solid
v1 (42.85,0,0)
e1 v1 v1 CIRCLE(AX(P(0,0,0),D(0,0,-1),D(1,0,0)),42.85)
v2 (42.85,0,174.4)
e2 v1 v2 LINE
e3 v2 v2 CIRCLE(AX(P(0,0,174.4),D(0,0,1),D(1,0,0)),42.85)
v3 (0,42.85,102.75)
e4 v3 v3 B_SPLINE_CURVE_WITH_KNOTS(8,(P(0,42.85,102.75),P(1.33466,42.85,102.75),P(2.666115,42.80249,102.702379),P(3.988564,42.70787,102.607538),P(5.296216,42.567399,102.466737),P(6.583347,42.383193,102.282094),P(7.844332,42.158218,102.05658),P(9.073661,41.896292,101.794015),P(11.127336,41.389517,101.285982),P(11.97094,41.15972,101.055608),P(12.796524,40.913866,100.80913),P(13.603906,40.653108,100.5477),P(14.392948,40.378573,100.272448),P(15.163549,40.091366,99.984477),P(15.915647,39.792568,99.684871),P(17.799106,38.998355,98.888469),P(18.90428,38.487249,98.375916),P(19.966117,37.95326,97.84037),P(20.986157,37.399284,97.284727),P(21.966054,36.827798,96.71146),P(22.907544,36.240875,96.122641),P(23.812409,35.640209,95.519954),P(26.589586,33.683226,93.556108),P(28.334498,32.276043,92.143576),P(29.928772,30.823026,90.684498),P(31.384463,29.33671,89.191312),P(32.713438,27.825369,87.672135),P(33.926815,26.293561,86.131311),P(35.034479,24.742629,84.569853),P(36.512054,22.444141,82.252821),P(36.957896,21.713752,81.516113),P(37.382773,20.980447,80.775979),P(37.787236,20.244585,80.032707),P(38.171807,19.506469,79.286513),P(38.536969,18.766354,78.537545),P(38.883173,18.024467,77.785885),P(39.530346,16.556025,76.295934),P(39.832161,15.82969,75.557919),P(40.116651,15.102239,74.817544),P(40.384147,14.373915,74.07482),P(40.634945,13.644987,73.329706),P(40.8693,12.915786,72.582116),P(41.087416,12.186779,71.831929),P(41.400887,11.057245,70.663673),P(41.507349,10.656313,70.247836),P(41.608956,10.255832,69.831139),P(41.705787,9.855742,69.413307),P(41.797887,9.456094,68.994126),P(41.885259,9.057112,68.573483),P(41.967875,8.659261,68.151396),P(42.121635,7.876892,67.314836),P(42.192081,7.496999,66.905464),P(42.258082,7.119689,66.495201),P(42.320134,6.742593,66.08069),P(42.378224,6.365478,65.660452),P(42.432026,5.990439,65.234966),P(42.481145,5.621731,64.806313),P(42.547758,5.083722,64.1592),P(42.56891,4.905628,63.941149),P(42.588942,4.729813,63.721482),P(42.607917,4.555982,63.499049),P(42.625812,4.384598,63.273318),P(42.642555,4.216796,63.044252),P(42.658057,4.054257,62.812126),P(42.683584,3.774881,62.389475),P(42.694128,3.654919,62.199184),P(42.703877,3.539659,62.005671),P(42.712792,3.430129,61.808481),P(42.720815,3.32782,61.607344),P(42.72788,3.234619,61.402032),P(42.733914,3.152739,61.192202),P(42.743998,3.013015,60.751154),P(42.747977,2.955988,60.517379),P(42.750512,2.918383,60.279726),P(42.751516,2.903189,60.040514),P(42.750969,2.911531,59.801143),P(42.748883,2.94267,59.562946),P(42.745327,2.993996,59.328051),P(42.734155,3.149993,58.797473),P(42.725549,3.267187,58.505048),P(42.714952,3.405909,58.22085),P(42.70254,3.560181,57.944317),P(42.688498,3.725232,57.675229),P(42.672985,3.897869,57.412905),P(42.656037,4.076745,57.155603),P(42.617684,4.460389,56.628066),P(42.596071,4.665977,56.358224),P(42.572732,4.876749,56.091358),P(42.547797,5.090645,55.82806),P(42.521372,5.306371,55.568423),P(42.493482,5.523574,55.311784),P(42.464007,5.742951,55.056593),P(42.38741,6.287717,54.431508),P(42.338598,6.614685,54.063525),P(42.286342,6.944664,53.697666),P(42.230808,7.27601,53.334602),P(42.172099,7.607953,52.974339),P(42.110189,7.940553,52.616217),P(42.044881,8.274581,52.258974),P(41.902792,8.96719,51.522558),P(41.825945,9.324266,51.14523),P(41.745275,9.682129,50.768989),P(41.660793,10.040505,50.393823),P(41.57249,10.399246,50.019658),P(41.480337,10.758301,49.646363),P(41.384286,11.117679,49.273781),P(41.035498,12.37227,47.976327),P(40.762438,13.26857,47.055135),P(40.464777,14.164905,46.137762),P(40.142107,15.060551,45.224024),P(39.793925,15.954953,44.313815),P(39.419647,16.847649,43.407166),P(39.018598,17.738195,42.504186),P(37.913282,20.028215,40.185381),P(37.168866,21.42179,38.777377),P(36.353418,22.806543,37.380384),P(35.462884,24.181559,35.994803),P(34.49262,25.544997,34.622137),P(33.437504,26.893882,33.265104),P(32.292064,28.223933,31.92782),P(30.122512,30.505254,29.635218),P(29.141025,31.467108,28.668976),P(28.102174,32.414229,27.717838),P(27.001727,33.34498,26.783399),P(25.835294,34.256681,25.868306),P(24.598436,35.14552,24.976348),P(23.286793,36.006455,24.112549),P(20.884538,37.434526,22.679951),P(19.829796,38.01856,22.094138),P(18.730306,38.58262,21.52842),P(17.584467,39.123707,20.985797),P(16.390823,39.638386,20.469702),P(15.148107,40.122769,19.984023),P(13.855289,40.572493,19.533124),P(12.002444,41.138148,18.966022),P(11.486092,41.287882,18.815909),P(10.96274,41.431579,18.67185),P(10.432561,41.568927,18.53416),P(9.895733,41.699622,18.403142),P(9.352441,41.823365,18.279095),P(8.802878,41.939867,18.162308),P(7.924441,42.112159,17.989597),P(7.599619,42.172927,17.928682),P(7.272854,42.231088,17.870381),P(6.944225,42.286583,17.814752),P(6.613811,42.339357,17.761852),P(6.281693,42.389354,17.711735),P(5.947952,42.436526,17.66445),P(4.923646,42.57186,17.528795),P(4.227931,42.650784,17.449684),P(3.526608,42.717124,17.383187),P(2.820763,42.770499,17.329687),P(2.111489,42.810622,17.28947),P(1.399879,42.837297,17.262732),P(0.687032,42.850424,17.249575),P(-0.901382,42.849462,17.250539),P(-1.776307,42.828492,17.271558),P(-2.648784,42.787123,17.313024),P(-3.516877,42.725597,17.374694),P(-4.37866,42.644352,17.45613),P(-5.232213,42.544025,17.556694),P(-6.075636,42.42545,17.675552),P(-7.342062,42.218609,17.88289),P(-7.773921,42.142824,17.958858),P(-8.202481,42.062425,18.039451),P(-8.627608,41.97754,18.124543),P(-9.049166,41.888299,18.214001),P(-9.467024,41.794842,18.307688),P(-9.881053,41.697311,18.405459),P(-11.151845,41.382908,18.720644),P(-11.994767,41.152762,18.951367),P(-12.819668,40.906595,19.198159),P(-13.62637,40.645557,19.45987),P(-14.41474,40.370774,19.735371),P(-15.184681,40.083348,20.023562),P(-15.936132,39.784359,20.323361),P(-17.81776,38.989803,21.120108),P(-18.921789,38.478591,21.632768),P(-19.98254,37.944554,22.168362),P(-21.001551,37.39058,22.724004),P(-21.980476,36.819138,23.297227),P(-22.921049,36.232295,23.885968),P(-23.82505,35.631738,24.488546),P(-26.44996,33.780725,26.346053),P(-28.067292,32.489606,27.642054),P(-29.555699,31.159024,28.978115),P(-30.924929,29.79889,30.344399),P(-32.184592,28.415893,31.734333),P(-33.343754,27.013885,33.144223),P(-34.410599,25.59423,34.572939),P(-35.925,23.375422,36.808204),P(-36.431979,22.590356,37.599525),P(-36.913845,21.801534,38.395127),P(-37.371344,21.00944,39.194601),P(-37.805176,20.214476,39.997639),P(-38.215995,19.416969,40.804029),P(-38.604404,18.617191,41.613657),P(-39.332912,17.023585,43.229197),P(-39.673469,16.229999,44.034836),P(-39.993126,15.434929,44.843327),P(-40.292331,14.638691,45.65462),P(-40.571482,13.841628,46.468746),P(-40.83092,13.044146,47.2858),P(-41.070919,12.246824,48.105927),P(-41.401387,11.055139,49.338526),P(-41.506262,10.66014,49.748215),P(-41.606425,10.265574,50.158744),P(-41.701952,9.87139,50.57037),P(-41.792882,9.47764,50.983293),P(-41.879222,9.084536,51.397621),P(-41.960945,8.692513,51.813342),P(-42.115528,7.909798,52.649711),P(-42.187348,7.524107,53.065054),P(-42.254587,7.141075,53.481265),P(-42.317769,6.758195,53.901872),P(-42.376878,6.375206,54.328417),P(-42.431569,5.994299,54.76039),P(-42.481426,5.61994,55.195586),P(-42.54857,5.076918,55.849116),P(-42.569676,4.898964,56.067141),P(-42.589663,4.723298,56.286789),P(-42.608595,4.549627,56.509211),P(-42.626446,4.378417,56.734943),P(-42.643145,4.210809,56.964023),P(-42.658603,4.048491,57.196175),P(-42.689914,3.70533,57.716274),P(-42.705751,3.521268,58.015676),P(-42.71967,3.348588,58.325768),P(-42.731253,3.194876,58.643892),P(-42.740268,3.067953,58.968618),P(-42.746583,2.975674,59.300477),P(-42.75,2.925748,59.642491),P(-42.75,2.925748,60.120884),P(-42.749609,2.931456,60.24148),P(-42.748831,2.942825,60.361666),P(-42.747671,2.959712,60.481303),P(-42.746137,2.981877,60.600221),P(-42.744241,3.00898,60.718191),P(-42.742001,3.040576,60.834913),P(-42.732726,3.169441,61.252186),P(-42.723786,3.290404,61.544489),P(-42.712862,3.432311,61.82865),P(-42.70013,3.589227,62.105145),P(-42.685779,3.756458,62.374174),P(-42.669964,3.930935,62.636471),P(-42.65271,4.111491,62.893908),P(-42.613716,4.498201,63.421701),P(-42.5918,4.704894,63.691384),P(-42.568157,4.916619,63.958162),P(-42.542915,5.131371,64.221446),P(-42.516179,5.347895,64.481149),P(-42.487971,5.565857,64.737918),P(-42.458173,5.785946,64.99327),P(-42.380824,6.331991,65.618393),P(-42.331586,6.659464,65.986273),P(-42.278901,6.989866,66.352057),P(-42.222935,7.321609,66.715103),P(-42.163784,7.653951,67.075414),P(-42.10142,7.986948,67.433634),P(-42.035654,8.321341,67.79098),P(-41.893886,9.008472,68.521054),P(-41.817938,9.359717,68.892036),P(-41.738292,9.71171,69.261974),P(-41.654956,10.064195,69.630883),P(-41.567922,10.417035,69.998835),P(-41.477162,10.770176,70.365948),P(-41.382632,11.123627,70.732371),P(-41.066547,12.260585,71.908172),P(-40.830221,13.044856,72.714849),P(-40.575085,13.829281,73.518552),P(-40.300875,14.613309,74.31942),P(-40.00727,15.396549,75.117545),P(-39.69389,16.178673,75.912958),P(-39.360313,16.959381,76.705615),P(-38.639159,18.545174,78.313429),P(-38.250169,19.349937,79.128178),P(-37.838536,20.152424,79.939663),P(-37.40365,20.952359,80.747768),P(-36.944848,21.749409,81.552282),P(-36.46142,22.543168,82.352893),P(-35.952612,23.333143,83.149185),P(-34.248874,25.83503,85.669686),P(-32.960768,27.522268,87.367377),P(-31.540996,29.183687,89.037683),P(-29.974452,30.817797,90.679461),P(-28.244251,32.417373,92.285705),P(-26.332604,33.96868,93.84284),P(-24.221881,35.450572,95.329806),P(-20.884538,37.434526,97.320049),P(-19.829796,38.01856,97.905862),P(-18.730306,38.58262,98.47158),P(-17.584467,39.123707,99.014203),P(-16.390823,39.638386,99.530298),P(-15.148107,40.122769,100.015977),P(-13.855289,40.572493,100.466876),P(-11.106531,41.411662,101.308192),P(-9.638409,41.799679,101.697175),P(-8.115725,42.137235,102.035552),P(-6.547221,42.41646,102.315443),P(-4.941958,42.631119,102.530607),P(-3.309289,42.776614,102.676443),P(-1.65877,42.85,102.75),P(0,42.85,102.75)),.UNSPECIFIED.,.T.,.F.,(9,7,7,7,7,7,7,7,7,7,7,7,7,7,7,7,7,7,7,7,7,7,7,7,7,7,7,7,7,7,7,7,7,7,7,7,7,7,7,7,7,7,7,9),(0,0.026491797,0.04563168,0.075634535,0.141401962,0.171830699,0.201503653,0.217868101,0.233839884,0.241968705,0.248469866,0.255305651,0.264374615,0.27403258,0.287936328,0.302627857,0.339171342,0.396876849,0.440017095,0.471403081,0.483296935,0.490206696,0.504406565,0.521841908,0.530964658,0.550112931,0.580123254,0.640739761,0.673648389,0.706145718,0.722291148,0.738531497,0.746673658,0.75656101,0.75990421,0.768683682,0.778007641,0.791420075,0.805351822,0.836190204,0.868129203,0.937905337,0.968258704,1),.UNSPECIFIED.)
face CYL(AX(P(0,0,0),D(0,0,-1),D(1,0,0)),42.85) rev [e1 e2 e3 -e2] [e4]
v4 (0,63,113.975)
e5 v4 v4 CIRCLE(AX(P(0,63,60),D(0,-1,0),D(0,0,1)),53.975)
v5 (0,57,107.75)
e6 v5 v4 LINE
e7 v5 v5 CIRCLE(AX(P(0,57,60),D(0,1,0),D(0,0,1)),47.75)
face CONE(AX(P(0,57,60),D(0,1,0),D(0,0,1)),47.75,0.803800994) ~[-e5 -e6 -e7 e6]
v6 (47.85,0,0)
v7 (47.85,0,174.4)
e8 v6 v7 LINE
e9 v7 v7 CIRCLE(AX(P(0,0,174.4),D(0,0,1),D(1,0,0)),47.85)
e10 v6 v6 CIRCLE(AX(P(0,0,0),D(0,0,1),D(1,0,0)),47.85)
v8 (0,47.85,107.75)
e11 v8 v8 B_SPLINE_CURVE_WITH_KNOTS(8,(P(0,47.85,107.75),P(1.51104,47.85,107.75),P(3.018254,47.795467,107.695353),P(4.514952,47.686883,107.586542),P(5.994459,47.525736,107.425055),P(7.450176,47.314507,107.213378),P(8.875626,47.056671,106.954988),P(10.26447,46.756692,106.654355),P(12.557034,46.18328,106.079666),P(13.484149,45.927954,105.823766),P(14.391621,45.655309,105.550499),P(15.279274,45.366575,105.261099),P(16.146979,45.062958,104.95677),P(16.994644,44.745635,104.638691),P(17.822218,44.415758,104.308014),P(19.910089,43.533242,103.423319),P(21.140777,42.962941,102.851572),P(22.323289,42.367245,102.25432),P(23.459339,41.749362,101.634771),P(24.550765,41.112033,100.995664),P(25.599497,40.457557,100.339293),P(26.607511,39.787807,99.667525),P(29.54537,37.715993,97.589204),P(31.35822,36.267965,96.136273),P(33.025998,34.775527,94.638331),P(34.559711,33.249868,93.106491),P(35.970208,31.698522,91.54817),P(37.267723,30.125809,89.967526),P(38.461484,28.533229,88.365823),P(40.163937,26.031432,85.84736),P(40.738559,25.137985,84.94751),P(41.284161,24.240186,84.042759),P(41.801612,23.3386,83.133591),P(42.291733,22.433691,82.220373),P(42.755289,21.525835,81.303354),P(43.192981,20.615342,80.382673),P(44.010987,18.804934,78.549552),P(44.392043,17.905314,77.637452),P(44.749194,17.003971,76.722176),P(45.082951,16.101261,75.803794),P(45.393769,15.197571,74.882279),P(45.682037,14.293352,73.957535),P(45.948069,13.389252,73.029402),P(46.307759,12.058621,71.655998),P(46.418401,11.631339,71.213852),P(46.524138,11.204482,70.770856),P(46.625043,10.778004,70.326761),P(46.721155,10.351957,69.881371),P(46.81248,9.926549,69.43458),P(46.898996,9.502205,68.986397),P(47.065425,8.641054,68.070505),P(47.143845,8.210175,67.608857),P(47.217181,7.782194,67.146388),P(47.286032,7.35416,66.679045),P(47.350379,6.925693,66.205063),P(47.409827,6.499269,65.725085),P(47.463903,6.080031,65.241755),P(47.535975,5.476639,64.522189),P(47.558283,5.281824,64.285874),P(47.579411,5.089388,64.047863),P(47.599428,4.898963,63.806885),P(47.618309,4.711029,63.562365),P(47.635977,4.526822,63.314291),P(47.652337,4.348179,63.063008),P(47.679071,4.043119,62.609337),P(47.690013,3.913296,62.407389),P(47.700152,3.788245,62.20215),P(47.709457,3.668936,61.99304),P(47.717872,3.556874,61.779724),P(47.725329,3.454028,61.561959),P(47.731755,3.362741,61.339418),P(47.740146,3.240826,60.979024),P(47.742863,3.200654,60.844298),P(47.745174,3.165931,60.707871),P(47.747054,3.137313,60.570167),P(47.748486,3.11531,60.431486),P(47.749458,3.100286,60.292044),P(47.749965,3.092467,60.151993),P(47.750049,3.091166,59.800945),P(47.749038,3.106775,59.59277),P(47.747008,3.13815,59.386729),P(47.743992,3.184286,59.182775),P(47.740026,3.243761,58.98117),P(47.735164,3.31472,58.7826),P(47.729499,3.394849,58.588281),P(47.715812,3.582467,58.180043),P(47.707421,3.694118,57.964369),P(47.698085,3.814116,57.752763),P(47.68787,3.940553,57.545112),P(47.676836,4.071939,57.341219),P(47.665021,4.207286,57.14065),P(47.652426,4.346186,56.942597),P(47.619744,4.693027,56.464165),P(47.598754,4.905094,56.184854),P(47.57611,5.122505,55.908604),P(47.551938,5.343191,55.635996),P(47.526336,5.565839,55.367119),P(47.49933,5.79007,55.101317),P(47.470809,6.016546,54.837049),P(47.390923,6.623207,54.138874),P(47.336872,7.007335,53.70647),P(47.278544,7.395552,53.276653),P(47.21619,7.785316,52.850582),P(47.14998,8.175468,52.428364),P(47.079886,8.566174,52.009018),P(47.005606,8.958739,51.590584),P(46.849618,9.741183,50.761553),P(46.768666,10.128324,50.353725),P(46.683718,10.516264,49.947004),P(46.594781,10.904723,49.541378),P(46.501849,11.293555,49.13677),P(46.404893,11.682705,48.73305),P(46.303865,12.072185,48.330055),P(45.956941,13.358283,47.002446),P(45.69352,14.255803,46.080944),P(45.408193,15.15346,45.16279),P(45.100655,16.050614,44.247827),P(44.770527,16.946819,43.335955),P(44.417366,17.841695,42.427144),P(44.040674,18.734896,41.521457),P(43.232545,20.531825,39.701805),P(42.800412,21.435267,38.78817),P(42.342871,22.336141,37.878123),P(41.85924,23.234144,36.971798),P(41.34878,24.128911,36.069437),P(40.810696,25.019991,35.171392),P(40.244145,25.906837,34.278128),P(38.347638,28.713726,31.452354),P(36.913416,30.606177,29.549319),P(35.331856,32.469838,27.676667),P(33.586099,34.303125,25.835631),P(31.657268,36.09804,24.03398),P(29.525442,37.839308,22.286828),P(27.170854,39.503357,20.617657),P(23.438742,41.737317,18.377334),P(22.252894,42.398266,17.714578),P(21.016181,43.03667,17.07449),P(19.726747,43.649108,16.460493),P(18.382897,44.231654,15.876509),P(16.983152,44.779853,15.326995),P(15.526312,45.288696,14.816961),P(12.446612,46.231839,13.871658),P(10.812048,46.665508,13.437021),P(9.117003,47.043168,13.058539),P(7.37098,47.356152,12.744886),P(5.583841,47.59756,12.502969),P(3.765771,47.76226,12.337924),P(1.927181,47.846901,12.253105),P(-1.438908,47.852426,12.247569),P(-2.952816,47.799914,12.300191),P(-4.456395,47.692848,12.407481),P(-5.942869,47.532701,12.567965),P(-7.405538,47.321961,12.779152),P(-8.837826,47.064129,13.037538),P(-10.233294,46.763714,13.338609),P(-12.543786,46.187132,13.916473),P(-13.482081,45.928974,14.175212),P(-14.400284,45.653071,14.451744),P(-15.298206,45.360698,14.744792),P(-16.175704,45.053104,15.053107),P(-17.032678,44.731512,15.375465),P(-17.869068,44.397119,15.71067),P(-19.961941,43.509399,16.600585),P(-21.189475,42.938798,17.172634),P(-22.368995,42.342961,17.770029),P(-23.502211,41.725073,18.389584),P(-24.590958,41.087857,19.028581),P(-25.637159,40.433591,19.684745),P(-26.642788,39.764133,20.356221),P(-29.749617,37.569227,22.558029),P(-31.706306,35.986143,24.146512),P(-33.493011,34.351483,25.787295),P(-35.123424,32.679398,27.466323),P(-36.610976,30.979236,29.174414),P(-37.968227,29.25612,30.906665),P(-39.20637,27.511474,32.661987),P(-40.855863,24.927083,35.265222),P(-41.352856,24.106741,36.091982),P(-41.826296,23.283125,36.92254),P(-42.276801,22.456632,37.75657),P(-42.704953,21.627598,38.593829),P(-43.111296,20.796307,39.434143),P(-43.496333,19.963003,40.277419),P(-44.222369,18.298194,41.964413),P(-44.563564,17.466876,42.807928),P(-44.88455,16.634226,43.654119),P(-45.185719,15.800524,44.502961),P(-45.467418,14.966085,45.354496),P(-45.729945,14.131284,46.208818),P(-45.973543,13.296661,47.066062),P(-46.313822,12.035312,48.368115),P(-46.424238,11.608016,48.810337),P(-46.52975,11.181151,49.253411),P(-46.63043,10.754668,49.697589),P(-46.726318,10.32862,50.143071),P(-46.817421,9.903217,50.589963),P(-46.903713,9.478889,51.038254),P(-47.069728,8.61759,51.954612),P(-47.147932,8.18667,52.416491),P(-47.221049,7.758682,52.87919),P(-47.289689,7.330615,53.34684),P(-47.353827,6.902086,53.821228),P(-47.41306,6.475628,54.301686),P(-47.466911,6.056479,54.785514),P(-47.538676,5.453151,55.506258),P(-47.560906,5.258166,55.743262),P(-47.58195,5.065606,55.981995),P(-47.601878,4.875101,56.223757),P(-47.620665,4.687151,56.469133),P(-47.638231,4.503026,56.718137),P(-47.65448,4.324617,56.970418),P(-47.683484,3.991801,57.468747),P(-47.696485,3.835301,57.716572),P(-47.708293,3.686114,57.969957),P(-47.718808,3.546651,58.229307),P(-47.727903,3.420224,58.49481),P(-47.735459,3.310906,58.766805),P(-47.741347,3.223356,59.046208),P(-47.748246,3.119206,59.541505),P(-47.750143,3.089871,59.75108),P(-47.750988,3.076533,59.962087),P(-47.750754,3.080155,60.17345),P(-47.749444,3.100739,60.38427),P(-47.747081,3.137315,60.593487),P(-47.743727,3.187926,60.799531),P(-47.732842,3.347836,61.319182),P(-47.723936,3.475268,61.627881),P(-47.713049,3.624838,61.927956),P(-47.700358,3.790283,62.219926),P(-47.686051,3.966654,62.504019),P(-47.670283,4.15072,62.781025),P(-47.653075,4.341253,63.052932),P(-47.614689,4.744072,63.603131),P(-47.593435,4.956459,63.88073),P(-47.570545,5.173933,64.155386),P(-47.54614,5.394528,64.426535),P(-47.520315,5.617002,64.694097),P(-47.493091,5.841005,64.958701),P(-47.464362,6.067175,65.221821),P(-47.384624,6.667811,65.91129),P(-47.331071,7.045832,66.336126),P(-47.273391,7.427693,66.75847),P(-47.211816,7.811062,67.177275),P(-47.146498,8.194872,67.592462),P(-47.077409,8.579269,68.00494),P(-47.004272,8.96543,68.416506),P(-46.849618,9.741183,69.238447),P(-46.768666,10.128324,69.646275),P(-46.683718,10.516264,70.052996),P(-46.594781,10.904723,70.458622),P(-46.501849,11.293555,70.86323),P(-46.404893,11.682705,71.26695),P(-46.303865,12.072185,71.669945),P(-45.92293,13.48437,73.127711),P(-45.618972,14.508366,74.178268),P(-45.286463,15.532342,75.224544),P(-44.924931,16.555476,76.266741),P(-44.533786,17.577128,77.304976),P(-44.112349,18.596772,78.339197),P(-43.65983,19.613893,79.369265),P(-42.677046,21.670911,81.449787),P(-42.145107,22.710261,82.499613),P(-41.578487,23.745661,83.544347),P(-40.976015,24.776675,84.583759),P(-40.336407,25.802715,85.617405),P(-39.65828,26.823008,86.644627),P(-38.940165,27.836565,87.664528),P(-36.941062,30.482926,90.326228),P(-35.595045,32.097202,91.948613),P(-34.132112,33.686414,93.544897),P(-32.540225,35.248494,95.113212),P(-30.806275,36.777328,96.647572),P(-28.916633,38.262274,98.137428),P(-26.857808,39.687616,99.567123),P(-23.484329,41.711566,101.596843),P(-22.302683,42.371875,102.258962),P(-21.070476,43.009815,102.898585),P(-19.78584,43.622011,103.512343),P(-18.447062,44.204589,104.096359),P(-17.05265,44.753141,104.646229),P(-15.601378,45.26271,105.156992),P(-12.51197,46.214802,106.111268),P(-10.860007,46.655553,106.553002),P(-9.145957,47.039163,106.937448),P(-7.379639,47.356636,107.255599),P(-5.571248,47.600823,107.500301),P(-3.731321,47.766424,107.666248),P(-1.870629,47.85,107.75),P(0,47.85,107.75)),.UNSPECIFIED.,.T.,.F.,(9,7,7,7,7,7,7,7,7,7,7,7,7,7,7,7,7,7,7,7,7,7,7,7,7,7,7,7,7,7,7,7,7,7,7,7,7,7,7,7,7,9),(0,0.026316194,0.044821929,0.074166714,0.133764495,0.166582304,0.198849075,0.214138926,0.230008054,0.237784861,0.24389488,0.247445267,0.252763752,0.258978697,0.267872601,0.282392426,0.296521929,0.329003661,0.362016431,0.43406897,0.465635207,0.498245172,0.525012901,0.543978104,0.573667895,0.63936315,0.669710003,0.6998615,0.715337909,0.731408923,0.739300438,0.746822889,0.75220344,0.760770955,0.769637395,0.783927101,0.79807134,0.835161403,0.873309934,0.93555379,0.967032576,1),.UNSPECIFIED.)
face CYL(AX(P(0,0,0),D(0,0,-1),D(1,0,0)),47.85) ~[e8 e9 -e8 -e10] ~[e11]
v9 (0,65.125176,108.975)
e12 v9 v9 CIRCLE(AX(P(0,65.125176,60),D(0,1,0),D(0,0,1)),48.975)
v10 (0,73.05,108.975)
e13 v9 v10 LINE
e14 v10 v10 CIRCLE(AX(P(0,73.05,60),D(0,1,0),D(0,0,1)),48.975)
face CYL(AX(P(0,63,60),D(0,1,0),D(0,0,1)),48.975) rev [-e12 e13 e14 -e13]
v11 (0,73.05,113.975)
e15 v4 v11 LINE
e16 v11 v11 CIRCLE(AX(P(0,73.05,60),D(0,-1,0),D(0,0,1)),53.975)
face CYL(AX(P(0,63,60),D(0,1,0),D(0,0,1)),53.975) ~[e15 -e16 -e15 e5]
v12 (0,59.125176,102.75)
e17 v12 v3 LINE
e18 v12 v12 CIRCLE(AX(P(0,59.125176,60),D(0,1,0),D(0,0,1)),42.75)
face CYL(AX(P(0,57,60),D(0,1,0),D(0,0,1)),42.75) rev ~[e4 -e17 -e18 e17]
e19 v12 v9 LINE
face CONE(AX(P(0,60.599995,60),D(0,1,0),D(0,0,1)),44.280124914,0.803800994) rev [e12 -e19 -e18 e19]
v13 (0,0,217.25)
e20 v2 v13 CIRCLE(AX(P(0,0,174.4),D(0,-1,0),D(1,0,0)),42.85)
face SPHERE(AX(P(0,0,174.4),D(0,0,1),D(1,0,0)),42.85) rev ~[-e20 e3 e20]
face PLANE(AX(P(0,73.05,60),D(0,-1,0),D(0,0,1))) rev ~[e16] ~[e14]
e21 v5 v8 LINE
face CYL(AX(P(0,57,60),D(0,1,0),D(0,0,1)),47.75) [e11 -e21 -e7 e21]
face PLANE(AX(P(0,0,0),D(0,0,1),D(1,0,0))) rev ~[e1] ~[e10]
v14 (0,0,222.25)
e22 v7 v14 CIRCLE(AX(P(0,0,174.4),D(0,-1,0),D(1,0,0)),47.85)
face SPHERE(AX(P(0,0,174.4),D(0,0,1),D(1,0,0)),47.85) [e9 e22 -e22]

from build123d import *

# Parameters (mm, degrees)
SKETCH1_R           = 47.85
BOSS_EXTRUDE1_DEPTH = 222.25
SKETCH2_R           = 47.75
BOSS_EXTRUDE2_DEPTH = 57
FILLET1_R           = 47.85
SHELL1_T            = -5


with BuildPart() as part:
    # Sketch1 → Boss-Extrude1 (new body)
    with BuildSketch(Plane.XY):
        Circle(SKETCH1_R)
    extrude(amount=BOSS_EXTRUDE1_DEPTH)

    # Sketch2 → Boss-Extrude2 (add)
    with BuildSketch(Plane(origin=(0, 57, 0), x_dir=(1, 0, 0), z_dir=(0, 1, 0))):
        with Locations(Location((0, -60, 0), (0, 0, 270))):
            Circle(SKETCH2_R)
    extrude(amount=-BOSS_EXTRUDE2_DEPTH)

    # Sketch5 → Revolve3 (revolve)
    with BuildSketch(Plane(origin=(0, 0, 0), x_dir=(0, 0, -1), z_dir=(1, 0, 0)), mode=Mode.PRIVATE) as revolve3_sk:
        Polygon((-60, 57), (-12.25, 57), (-6.025, 63), (-6.025, 73.05), (-60, 73.05), align=None)
    revolve(revolve3_sk.sketch.rotate(Axis((0, 73.05, 60), (0, -1, 0)), 180), axis=Axis((0, 73.05, 60), (0, -1, 0)))

    # Fillet1
    fillet1_edges = [part.edges().sort_by_distance(p)[0] for p in [
        (-47.85, 0, 222.25),
    ]]
    fillet(fillet1_edges, radius=FILLET1_R)

    # Shell1
    shell1_openings = [part.faces().sort_by_distance(p)[0] for p in [
        (0, 73.05, 60),
        (0, 0, 0),
    ]]
    offset(amount=SHELL1_T, openings=shell1_openings, kind=Kind.INTERSECTION)


solid = part.part
